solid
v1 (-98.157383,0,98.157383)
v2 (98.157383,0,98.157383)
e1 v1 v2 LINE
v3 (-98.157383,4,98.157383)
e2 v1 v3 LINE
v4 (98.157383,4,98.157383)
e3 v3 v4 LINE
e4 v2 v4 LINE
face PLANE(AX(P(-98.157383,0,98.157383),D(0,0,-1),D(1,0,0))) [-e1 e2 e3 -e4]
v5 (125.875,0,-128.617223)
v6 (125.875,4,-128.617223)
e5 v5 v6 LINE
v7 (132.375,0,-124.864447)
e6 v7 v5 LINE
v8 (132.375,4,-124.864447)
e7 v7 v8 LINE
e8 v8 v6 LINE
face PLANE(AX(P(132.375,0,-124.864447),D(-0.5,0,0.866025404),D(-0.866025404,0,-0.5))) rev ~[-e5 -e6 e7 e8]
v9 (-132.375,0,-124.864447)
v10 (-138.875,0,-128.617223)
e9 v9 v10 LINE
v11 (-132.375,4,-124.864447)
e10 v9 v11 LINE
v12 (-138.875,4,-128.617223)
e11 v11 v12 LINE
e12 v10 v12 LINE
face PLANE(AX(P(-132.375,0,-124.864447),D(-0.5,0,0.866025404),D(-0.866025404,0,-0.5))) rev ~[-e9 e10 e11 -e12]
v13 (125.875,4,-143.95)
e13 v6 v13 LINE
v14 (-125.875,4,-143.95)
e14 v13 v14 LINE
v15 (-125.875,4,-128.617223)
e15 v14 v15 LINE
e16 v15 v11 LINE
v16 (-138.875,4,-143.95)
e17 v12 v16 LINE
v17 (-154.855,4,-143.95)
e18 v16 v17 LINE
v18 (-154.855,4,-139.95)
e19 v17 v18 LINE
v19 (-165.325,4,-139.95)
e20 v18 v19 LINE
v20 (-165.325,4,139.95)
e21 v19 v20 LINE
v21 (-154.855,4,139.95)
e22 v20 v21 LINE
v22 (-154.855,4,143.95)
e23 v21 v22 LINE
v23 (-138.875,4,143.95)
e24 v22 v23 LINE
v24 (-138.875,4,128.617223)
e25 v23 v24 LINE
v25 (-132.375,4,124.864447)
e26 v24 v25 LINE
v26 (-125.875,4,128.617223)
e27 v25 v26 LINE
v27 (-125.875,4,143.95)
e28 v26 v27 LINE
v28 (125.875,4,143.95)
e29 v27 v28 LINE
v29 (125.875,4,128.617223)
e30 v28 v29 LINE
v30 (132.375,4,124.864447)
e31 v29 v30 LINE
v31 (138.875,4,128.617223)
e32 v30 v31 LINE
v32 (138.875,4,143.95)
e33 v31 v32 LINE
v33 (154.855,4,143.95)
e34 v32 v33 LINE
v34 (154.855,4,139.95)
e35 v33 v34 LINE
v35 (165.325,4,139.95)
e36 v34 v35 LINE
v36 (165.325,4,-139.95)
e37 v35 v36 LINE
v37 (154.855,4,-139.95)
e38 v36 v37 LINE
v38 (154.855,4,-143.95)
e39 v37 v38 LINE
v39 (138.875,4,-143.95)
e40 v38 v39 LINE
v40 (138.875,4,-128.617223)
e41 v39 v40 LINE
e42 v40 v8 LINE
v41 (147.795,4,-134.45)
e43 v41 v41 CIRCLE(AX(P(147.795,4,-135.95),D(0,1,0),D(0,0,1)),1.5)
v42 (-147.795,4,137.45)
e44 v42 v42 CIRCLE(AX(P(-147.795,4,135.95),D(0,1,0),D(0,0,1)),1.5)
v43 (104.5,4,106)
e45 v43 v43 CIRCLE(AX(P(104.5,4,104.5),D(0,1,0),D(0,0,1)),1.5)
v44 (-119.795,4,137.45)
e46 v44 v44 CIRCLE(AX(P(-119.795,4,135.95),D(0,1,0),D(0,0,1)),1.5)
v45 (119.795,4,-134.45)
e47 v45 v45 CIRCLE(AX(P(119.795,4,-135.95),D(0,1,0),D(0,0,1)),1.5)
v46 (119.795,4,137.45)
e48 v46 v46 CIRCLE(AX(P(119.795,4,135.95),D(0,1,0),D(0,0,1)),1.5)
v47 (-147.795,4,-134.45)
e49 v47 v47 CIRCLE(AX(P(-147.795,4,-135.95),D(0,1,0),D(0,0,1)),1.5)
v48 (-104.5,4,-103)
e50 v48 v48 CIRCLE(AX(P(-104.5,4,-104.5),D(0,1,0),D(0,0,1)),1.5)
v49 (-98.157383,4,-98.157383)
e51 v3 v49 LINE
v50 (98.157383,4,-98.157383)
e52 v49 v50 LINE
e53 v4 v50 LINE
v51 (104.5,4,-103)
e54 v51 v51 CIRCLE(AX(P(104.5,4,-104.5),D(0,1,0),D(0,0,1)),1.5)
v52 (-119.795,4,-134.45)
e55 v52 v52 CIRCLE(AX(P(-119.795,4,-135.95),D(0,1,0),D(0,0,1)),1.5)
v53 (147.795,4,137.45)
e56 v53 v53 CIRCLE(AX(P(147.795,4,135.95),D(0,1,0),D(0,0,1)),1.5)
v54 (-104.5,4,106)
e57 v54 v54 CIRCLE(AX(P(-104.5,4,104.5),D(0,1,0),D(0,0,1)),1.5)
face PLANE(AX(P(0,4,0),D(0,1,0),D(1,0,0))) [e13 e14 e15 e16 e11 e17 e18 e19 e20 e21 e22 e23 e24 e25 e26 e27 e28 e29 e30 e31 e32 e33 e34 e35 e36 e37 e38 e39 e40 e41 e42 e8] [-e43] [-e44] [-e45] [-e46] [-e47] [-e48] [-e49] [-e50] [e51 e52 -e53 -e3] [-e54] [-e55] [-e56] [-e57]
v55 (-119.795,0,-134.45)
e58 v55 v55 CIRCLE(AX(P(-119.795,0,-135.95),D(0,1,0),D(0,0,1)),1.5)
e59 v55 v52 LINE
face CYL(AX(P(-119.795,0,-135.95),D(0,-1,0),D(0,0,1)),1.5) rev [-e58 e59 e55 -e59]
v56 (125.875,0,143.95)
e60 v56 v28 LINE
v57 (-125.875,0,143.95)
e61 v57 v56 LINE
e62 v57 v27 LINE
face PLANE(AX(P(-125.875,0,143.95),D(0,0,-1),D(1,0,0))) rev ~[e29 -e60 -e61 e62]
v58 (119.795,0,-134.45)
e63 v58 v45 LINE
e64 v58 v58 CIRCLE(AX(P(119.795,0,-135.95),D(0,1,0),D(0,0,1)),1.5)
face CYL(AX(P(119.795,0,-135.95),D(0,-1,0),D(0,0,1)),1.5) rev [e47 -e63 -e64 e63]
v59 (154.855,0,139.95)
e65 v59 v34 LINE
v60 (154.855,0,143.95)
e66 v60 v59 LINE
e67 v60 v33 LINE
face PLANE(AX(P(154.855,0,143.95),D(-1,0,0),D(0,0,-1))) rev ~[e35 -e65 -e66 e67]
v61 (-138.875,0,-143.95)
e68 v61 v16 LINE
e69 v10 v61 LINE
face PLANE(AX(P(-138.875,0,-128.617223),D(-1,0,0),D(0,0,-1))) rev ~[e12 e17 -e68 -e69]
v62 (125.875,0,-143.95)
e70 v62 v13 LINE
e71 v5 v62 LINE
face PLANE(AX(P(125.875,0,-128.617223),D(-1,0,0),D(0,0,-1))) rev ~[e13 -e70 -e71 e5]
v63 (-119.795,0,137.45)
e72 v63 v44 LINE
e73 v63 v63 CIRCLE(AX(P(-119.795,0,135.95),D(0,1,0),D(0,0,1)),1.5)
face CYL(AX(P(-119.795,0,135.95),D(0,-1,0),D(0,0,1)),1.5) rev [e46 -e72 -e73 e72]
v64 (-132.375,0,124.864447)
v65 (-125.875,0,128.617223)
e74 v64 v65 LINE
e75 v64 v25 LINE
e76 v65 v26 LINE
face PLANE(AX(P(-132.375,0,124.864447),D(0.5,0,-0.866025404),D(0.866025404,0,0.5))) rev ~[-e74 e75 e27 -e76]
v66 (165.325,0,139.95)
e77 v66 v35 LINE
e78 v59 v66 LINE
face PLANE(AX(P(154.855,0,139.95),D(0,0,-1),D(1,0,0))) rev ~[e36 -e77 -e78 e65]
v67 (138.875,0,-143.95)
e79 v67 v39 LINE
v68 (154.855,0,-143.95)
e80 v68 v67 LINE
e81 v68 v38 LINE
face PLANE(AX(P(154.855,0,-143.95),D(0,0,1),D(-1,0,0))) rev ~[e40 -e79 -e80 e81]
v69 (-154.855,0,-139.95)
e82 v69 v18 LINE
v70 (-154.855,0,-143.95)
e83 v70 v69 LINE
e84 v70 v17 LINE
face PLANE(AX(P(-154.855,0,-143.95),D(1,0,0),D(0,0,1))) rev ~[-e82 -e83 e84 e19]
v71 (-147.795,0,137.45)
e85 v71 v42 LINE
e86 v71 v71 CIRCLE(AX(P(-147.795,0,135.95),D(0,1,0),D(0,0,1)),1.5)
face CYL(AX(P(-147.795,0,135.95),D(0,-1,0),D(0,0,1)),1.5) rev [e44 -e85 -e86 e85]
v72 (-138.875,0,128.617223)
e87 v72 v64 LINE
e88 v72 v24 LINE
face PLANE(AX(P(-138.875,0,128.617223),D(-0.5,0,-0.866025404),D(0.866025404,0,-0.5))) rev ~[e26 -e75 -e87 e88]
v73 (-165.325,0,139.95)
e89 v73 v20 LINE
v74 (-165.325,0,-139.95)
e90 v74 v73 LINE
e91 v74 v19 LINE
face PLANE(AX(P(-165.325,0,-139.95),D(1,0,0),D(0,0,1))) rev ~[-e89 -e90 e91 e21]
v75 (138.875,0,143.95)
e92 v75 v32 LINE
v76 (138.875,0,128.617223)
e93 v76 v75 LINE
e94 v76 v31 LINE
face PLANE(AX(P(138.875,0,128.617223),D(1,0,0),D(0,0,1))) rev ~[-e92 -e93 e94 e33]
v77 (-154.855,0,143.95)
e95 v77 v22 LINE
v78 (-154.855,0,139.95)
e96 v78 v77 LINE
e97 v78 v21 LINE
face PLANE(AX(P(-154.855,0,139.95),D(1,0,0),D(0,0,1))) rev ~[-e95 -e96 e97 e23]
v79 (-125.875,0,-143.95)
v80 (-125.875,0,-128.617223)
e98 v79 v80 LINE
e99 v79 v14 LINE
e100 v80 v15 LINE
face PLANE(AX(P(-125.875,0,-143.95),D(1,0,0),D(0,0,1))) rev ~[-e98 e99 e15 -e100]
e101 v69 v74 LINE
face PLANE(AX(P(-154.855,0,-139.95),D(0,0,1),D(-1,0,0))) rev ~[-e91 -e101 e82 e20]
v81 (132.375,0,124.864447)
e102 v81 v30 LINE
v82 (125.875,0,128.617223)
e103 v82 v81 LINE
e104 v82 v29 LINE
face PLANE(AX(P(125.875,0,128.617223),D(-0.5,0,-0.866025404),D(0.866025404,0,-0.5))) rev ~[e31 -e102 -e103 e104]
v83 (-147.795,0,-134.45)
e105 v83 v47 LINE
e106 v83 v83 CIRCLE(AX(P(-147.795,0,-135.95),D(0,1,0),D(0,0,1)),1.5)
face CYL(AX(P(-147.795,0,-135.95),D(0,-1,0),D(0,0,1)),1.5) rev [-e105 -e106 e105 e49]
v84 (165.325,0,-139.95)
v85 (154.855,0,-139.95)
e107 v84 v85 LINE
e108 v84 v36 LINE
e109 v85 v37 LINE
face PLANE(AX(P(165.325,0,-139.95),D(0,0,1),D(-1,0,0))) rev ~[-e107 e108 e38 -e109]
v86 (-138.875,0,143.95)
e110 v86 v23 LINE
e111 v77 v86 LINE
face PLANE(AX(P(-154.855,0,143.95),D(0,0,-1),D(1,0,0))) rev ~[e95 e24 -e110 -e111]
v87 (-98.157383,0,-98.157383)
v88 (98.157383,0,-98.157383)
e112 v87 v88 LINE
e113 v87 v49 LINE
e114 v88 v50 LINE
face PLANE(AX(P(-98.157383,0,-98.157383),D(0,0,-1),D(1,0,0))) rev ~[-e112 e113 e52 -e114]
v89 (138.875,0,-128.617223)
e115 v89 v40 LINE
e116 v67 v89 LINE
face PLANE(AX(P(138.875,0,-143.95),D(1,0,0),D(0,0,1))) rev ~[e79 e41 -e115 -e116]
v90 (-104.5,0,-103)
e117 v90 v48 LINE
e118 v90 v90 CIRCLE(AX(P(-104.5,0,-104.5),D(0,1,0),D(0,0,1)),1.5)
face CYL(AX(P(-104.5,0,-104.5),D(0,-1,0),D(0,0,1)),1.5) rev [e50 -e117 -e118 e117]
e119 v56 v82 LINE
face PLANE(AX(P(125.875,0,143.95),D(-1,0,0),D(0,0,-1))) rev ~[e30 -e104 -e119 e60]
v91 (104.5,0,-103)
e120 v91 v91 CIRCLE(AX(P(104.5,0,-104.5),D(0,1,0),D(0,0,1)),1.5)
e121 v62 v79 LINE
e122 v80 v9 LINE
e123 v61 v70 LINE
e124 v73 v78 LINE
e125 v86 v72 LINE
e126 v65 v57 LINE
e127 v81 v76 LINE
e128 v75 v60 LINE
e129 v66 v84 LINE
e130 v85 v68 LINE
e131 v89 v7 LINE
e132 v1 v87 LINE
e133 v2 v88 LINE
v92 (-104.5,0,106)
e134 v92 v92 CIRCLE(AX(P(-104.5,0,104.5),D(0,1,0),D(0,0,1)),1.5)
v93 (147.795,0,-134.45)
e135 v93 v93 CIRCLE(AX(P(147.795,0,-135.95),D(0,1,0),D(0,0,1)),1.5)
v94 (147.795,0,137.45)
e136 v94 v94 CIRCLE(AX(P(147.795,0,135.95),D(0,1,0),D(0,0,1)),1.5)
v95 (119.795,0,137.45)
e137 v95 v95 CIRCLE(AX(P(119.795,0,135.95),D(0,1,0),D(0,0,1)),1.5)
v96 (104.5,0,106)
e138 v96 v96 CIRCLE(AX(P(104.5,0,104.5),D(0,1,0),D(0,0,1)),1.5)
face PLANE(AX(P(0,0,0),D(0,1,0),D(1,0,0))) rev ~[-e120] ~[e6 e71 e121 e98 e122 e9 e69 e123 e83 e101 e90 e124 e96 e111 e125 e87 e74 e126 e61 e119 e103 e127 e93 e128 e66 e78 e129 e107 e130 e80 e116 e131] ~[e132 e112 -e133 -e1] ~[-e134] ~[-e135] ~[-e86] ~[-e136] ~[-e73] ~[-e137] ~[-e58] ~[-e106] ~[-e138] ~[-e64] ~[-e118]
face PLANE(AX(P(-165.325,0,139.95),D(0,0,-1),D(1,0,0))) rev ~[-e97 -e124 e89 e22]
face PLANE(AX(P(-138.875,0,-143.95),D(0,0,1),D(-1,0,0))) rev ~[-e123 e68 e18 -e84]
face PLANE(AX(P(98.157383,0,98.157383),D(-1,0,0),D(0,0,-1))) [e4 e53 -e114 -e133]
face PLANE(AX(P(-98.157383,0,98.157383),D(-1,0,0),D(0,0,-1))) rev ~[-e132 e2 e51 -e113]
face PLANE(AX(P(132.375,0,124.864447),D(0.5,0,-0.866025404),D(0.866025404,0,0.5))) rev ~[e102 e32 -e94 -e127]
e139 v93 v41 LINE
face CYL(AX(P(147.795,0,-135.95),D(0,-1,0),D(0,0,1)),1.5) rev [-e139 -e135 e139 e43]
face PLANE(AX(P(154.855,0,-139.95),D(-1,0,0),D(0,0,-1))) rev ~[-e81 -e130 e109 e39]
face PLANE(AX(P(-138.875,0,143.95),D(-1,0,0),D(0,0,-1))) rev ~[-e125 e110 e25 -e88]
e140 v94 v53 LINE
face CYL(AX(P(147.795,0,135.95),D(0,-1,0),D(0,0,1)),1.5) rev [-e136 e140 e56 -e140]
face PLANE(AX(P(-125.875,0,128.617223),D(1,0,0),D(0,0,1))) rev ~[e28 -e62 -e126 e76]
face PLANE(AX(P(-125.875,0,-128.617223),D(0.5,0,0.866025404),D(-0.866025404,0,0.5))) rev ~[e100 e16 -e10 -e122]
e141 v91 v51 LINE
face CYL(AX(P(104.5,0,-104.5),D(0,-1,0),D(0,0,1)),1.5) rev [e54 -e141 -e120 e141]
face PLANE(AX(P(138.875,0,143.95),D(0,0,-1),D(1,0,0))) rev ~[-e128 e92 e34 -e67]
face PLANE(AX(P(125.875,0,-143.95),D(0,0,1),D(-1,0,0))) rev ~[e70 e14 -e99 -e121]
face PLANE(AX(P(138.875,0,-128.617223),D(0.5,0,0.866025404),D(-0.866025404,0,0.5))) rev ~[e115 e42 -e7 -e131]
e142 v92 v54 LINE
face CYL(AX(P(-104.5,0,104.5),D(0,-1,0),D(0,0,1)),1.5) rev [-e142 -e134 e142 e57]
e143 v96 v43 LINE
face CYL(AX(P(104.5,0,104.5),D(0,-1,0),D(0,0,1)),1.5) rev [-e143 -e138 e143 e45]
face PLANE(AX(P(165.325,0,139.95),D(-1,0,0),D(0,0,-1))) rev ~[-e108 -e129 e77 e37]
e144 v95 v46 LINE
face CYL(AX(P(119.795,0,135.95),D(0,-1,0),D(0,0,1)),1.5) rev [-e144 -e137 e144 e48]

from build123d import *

# Parameters (mm, degrees)
SKETCH1_R           = 1.5
SKETCH1_W           = 196.314766664
SKETCH1_H           = 196.314766664
BOSS_EXTRUDE1_DEPTH = 4


with BuildPart() as part:
    # Sketch1 → Boss-Extrude1 (new body)
    with BuildSketch(Plane(origin=(0, 0, 0), x_dir=(1, 0, 0), z_dir=(0, 1, 0))):
        Polygon((154.855, -139.95), (165.325, -139.95), (165.325, 139.95), (154.855, 139.95), (154.855, 143.95), (138.875, 143.95), (138.875, 128.61722325), (132.375, 124.864446501), (125.875, 128.61722325), (125.875, 143.95), (-125.875, 143.95), (-125.875, 128.61722325), (-132.375, 124.864446501), (-138.875, 128.61722325), (-138.875, 143.95), (-154.855, 143.95), (-154.855, 139.95), (-165.325, 139.95), (-165.325, -139.95), (-154.855, -139.95), (-154.855, -143.95), (-138.875, -143.95), (-138.875, -128.61722325), (-132.375, -124.864446501), (-125.875, -128.61722325), (-125.875, -143.95), (125.875, -143.95), (125.875, -128.61722325), (132.375, -124.864446501), (138.875, -128.61722325), (138.875, -143.95), (154.855, -143.95), align=None)
        with Locations((-147.795, -135.95)):
            Circle(SKETCH1_R, mode=Mode.SUBTRACT)
        with Locations((-119.795, -135.95)):
            Circle(SKETCH1_R, mode=Mode.SUBTRACT)
        with Locations((-104.5, -104.5)):
            Circle(SKETCH1_R, mode=Mode.SUBTRACT)
        with Locations((119.795, -135.95)):
            Circle(SKETCH1_R, mode=Mode.SUBTRACT)
        with Locations((147.795, -135.95)):
            Circle(SKETCH1_R, mode=Mode.SUBTRACT)
        with Locations((104.5, -104.5)):
            Circle(SKETCH1_R, mode=Mode.SUBTRACT)
        with Locations((-104.5, 104.5)):
            Circle(SKETCH1_R, mode=Mode.SUBTRACT)
        with Locations((-147.795, 135.95)):
            Circle(SKETCH1_R, mode=Mode.SUBTRACT)
        with Locations((-119.795, 135.95)):
            Circle(SKETCH1_R, mode=Mode.SUBTRACT)
        Rectangle(SKETCH1_W, SKETCH1_H, mode=Mode.SUBTRACT)
        with Locations((104.5, 104.5)):
            Circle(SKETCH1_R, mode=Mode.SUBTRACT)
        with Locations((119.795, 135.95)):
            Circle(SKETCH1_R, mode=Mode.SUBTRACT)
        with Locations((147.795, 135.95)):
            Circle(SKETCH1_R, mode=Mode.SUBTRACT)
    extrude(amount=BOSS_EXTRUDE1_DEPTH)


solid = part.part
